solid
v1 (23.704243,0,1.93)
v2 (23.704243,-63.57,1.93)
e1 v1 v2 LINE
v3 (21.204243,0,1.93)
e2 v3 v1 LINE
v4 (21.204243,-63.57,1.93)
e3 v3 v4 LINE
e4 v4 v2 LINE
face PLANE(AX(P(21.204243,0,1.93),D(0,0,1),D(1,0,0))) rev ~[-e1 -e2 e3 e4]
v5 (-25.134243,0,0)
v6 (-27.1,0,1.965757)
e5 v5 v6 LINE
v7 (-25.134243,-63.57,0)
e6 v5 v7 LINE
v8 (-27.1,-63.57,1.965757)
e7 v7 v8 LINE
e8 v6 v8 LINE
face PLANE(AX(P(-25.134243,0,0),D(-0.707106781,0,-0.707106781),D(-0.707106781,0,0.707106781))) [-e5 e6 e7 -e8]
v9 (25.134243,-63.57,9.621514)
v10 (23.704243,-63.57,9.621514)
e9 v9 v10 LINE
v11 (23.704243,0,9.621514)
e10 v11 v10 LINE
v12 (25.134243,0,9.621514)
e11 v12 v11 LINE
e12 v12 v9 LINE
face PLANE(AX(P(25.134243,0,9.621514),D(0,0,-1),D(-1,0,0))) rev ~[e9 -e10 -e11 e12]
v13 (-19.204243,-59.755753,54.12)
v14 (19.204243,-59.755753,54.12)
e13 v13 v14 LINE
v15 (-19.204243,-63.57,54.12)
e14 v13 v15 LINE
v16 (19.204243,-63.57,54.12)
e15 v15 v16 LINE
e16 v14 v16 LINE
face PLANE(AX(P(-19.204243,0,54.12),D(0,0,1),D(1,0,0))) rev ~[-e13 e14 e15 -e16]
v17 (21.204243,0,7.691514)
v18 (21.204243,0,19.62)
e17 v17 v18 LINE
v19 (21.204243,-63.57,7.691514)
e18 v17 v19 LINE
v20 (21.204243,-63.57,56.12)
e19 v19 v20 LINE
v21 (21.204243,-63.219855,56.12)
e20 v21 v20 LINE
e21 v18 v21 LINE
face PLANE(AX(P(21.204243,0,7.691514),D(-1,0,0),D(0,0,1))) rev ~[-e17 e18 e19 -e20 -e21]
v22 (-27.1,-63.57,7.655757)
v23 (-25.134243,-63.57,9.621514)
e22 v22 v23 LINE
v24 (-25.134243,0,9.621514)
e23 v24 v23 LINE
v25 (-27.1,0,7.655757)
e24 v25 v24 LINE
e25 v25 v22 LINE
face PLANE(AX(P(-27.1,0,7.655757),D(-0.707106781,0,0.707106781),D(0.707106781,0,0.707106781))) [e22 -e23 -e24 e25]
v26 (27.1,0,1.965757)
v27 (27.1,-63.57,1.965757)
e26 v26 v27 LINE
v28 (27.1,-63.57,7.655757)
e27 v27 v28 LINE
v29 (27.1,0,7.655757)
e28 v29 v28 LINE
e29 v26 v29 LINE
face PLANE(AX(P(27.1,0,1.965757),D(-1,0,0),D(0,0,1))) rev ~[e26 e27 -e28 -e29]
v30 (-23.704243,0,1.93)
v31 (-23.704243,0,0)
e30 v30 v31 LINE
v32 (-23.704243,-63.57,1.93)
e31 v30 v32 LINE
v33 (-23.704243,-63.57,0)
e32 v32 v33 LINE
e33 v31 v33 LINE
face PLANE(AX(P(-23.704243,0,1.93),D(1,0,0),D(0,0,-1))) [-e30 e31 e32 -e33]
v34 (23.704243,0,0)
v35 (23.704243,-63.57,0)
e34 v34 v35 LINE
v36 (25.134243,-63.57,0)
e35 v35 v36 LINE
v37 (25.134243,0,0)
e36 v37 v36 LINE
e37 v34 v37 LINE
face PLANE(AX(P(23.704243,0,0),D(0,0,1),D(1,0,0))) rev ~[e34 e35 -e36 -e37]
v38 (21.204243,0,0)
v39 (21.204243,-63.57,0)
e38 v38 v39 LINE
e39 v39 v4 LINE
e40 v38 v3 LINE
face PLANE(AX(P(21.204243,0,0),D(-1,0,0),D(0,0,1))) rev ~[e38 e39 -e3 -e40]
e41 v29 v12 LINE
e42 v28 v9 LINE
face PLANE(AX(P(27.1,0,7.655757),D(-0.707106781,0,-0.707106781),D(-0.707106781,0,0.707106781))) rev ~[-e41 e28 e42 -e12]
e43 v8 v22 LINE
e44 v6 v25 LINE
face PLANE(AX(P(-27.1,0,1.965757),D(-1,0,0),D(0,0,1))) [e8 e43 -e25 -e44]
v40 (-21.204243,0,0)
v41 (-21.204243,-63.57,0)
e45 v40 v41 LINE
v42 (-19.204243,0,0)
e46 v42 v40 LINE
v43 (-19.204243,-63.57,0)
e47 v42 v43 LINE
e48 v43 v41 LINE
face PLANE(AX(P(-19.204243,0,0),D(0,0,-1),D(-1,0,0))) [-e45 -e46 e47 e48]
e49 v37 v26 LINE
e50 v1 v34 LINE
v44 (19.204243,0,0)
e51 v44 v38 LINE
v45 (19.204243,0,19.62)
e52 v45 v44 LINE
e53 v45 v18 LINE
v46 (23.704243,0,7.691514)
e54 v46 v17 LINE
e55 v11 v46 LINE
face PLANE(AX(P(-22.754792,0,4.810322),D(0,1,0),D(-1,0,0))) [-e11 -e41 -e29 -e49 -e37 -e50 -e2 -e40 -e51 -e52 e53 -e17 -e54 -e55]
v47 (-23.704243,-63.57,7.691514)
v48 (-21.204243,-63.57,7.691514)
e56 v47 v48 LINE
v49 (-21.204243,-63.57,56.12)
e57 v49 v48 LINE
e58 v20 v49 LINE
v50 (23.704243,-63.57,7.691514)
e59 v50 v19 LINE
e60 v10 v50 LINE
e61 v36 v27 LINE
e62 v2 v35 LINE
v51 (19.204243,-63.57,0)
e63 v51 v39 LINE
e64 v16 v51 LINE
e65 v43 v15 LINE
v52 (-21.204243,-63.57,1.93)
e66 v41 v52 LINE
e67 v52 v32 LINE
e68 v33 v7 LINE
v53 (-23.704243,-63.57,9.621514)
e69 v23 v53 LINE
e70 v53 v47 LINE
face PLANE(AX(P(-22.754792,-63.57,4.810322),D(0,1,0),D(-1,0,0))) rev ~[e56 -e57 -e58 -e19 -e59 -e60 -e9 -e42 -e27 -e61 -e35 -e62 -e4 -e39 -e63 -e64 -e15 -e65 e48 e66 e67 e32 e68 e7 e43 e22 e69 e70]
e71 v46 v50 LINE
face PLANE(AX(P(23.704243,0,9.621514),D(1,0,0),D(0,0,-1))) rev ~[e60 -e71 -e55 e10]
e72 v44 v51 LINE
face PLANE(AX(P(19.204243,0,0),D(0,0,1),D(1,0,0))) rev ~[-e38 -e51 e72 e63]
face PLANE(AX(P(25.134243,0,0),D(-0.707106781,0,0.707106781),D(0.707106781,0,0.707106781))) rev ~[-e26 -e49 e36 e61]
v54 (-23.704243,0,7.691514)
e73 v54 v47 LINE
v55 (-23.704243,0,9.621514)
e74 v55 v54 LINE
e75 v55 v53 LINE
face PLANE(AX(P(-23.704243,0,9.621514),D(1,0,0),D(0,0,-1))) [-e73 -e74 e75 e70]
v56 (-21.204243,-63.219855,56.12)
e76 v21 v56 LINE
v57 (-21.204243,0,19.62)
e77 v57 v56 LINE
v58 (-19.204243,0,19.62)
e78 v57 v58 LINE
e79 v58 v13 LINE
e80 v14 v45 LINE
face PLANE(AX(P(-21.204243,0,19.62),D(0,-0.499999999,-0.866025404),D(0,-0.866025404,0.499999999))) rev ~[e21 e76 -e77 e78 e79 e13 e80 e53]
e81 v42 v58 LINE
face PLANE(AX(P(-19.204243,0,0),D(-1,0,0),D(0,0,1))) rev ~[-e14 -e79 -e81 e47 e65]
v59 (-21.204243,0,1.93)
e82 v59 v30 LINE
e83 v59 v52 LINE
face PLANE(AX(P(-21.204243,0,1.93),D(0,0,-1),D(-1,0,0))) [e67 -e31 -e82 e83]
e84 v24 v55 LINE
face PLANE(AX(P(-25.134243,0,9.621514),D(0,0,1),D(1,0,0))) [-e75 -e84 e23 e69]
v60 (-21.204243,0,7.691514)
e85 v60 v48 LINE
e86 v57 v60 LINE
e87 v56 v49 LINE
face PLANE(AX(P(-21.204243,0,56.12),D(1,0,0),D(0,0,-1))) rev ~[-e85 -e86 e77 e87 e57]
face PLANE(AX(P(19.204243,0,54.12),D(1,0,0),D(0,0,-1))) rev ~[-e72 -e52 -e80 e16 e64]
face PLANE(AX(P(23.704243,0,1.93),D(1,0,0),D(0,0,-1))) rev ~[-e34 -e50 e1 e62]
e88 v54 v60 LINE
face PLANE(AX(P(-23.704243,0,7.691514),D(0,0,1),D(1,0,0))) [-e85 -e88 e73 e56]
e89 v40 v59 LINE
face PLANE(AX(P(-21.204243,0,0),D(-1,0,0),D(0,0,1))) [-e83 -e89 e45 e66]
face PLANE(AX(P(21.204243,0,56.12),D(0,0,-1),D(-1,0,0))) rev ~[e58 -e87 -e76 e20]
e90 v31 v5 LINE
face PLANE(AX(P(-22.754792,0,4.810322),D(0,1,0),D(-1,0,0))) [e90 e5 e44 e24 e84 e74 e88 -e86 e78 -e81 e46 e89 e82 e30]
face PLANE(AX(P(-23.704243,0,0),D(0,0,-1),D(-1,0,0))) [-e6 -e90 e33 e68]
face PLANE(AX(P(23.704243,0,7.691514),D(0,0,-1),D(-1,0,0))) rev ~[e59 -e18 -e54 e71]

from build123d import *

# Parameters (mm, degrees)
SKETCH_W     = 2
SKETCH_H     = 46.5
SKETCH_W_2   = 38.408486
SKETCH_H_2   = 2
PAD_DEPTH    = 63.57
POCKET_DEPTH = 48.305243


with BuildPart() as part:
    # Sketch → Pad (new body)
    with BuildSketch(Plane.XZ):
        Polygon((-21.204243, 0), (-21.204243, 1.93), (-23.704243, 1.93), (-23.704243, 0), (-25.134243, 0), (-27.1, 1.965757), (-27.1, 7.655757), (-25.134243, 9.621514), (-23.704243, 9.621514), (-23.704243, 7.691514), (-21.204243, 7.691514), (-21.204243, 9.62), (-19.204243, 9.62), (-19.204243, 0), align=None)
        Polygon((19.204243, 9.62), (19.204243, 0), (21.204243, 0), (21.204243, 1.93), (23.704243, 1.93), (23.704243, 0), (25.134243, 0), (27.1, 1.965757), (27.1, 7.655757), (25.134243, 9.621514), (23.704243, 9.621514), (23.704243, 7.691514), (21.204243, 7.691514), (21.204243, 9.62), align=None)
        with Locations((20.204243, 32.87)):
            Rectangle(SKETCH_W, SKETCH_H)
        with Locations((-20.204243, 32.87)):
            Rectangle(SKETCH_W, SKETCH_H)
        with Locations((0, 55.12)):
            Rectangle(SKETCH_W_2, SKETCH_H_2)
    extrude(amount=PAD_DEPTH)

    # Sketch001 (on Face26 of Pad) → Pocket (cut, through all)
    with BuildSketch(Plane(origin=(-21.204243, 0, 0), x_dir=(0, 0, -1), z_dir=(-1, 0, 0))):
        Polygon((-19.62, 0), (-56.62, 64.08588), (-56.62, 0), align=None)
    extrude(amount=-POCKET_DEPTH, mode=Mode.SUBTRACT)


solid = part.part
